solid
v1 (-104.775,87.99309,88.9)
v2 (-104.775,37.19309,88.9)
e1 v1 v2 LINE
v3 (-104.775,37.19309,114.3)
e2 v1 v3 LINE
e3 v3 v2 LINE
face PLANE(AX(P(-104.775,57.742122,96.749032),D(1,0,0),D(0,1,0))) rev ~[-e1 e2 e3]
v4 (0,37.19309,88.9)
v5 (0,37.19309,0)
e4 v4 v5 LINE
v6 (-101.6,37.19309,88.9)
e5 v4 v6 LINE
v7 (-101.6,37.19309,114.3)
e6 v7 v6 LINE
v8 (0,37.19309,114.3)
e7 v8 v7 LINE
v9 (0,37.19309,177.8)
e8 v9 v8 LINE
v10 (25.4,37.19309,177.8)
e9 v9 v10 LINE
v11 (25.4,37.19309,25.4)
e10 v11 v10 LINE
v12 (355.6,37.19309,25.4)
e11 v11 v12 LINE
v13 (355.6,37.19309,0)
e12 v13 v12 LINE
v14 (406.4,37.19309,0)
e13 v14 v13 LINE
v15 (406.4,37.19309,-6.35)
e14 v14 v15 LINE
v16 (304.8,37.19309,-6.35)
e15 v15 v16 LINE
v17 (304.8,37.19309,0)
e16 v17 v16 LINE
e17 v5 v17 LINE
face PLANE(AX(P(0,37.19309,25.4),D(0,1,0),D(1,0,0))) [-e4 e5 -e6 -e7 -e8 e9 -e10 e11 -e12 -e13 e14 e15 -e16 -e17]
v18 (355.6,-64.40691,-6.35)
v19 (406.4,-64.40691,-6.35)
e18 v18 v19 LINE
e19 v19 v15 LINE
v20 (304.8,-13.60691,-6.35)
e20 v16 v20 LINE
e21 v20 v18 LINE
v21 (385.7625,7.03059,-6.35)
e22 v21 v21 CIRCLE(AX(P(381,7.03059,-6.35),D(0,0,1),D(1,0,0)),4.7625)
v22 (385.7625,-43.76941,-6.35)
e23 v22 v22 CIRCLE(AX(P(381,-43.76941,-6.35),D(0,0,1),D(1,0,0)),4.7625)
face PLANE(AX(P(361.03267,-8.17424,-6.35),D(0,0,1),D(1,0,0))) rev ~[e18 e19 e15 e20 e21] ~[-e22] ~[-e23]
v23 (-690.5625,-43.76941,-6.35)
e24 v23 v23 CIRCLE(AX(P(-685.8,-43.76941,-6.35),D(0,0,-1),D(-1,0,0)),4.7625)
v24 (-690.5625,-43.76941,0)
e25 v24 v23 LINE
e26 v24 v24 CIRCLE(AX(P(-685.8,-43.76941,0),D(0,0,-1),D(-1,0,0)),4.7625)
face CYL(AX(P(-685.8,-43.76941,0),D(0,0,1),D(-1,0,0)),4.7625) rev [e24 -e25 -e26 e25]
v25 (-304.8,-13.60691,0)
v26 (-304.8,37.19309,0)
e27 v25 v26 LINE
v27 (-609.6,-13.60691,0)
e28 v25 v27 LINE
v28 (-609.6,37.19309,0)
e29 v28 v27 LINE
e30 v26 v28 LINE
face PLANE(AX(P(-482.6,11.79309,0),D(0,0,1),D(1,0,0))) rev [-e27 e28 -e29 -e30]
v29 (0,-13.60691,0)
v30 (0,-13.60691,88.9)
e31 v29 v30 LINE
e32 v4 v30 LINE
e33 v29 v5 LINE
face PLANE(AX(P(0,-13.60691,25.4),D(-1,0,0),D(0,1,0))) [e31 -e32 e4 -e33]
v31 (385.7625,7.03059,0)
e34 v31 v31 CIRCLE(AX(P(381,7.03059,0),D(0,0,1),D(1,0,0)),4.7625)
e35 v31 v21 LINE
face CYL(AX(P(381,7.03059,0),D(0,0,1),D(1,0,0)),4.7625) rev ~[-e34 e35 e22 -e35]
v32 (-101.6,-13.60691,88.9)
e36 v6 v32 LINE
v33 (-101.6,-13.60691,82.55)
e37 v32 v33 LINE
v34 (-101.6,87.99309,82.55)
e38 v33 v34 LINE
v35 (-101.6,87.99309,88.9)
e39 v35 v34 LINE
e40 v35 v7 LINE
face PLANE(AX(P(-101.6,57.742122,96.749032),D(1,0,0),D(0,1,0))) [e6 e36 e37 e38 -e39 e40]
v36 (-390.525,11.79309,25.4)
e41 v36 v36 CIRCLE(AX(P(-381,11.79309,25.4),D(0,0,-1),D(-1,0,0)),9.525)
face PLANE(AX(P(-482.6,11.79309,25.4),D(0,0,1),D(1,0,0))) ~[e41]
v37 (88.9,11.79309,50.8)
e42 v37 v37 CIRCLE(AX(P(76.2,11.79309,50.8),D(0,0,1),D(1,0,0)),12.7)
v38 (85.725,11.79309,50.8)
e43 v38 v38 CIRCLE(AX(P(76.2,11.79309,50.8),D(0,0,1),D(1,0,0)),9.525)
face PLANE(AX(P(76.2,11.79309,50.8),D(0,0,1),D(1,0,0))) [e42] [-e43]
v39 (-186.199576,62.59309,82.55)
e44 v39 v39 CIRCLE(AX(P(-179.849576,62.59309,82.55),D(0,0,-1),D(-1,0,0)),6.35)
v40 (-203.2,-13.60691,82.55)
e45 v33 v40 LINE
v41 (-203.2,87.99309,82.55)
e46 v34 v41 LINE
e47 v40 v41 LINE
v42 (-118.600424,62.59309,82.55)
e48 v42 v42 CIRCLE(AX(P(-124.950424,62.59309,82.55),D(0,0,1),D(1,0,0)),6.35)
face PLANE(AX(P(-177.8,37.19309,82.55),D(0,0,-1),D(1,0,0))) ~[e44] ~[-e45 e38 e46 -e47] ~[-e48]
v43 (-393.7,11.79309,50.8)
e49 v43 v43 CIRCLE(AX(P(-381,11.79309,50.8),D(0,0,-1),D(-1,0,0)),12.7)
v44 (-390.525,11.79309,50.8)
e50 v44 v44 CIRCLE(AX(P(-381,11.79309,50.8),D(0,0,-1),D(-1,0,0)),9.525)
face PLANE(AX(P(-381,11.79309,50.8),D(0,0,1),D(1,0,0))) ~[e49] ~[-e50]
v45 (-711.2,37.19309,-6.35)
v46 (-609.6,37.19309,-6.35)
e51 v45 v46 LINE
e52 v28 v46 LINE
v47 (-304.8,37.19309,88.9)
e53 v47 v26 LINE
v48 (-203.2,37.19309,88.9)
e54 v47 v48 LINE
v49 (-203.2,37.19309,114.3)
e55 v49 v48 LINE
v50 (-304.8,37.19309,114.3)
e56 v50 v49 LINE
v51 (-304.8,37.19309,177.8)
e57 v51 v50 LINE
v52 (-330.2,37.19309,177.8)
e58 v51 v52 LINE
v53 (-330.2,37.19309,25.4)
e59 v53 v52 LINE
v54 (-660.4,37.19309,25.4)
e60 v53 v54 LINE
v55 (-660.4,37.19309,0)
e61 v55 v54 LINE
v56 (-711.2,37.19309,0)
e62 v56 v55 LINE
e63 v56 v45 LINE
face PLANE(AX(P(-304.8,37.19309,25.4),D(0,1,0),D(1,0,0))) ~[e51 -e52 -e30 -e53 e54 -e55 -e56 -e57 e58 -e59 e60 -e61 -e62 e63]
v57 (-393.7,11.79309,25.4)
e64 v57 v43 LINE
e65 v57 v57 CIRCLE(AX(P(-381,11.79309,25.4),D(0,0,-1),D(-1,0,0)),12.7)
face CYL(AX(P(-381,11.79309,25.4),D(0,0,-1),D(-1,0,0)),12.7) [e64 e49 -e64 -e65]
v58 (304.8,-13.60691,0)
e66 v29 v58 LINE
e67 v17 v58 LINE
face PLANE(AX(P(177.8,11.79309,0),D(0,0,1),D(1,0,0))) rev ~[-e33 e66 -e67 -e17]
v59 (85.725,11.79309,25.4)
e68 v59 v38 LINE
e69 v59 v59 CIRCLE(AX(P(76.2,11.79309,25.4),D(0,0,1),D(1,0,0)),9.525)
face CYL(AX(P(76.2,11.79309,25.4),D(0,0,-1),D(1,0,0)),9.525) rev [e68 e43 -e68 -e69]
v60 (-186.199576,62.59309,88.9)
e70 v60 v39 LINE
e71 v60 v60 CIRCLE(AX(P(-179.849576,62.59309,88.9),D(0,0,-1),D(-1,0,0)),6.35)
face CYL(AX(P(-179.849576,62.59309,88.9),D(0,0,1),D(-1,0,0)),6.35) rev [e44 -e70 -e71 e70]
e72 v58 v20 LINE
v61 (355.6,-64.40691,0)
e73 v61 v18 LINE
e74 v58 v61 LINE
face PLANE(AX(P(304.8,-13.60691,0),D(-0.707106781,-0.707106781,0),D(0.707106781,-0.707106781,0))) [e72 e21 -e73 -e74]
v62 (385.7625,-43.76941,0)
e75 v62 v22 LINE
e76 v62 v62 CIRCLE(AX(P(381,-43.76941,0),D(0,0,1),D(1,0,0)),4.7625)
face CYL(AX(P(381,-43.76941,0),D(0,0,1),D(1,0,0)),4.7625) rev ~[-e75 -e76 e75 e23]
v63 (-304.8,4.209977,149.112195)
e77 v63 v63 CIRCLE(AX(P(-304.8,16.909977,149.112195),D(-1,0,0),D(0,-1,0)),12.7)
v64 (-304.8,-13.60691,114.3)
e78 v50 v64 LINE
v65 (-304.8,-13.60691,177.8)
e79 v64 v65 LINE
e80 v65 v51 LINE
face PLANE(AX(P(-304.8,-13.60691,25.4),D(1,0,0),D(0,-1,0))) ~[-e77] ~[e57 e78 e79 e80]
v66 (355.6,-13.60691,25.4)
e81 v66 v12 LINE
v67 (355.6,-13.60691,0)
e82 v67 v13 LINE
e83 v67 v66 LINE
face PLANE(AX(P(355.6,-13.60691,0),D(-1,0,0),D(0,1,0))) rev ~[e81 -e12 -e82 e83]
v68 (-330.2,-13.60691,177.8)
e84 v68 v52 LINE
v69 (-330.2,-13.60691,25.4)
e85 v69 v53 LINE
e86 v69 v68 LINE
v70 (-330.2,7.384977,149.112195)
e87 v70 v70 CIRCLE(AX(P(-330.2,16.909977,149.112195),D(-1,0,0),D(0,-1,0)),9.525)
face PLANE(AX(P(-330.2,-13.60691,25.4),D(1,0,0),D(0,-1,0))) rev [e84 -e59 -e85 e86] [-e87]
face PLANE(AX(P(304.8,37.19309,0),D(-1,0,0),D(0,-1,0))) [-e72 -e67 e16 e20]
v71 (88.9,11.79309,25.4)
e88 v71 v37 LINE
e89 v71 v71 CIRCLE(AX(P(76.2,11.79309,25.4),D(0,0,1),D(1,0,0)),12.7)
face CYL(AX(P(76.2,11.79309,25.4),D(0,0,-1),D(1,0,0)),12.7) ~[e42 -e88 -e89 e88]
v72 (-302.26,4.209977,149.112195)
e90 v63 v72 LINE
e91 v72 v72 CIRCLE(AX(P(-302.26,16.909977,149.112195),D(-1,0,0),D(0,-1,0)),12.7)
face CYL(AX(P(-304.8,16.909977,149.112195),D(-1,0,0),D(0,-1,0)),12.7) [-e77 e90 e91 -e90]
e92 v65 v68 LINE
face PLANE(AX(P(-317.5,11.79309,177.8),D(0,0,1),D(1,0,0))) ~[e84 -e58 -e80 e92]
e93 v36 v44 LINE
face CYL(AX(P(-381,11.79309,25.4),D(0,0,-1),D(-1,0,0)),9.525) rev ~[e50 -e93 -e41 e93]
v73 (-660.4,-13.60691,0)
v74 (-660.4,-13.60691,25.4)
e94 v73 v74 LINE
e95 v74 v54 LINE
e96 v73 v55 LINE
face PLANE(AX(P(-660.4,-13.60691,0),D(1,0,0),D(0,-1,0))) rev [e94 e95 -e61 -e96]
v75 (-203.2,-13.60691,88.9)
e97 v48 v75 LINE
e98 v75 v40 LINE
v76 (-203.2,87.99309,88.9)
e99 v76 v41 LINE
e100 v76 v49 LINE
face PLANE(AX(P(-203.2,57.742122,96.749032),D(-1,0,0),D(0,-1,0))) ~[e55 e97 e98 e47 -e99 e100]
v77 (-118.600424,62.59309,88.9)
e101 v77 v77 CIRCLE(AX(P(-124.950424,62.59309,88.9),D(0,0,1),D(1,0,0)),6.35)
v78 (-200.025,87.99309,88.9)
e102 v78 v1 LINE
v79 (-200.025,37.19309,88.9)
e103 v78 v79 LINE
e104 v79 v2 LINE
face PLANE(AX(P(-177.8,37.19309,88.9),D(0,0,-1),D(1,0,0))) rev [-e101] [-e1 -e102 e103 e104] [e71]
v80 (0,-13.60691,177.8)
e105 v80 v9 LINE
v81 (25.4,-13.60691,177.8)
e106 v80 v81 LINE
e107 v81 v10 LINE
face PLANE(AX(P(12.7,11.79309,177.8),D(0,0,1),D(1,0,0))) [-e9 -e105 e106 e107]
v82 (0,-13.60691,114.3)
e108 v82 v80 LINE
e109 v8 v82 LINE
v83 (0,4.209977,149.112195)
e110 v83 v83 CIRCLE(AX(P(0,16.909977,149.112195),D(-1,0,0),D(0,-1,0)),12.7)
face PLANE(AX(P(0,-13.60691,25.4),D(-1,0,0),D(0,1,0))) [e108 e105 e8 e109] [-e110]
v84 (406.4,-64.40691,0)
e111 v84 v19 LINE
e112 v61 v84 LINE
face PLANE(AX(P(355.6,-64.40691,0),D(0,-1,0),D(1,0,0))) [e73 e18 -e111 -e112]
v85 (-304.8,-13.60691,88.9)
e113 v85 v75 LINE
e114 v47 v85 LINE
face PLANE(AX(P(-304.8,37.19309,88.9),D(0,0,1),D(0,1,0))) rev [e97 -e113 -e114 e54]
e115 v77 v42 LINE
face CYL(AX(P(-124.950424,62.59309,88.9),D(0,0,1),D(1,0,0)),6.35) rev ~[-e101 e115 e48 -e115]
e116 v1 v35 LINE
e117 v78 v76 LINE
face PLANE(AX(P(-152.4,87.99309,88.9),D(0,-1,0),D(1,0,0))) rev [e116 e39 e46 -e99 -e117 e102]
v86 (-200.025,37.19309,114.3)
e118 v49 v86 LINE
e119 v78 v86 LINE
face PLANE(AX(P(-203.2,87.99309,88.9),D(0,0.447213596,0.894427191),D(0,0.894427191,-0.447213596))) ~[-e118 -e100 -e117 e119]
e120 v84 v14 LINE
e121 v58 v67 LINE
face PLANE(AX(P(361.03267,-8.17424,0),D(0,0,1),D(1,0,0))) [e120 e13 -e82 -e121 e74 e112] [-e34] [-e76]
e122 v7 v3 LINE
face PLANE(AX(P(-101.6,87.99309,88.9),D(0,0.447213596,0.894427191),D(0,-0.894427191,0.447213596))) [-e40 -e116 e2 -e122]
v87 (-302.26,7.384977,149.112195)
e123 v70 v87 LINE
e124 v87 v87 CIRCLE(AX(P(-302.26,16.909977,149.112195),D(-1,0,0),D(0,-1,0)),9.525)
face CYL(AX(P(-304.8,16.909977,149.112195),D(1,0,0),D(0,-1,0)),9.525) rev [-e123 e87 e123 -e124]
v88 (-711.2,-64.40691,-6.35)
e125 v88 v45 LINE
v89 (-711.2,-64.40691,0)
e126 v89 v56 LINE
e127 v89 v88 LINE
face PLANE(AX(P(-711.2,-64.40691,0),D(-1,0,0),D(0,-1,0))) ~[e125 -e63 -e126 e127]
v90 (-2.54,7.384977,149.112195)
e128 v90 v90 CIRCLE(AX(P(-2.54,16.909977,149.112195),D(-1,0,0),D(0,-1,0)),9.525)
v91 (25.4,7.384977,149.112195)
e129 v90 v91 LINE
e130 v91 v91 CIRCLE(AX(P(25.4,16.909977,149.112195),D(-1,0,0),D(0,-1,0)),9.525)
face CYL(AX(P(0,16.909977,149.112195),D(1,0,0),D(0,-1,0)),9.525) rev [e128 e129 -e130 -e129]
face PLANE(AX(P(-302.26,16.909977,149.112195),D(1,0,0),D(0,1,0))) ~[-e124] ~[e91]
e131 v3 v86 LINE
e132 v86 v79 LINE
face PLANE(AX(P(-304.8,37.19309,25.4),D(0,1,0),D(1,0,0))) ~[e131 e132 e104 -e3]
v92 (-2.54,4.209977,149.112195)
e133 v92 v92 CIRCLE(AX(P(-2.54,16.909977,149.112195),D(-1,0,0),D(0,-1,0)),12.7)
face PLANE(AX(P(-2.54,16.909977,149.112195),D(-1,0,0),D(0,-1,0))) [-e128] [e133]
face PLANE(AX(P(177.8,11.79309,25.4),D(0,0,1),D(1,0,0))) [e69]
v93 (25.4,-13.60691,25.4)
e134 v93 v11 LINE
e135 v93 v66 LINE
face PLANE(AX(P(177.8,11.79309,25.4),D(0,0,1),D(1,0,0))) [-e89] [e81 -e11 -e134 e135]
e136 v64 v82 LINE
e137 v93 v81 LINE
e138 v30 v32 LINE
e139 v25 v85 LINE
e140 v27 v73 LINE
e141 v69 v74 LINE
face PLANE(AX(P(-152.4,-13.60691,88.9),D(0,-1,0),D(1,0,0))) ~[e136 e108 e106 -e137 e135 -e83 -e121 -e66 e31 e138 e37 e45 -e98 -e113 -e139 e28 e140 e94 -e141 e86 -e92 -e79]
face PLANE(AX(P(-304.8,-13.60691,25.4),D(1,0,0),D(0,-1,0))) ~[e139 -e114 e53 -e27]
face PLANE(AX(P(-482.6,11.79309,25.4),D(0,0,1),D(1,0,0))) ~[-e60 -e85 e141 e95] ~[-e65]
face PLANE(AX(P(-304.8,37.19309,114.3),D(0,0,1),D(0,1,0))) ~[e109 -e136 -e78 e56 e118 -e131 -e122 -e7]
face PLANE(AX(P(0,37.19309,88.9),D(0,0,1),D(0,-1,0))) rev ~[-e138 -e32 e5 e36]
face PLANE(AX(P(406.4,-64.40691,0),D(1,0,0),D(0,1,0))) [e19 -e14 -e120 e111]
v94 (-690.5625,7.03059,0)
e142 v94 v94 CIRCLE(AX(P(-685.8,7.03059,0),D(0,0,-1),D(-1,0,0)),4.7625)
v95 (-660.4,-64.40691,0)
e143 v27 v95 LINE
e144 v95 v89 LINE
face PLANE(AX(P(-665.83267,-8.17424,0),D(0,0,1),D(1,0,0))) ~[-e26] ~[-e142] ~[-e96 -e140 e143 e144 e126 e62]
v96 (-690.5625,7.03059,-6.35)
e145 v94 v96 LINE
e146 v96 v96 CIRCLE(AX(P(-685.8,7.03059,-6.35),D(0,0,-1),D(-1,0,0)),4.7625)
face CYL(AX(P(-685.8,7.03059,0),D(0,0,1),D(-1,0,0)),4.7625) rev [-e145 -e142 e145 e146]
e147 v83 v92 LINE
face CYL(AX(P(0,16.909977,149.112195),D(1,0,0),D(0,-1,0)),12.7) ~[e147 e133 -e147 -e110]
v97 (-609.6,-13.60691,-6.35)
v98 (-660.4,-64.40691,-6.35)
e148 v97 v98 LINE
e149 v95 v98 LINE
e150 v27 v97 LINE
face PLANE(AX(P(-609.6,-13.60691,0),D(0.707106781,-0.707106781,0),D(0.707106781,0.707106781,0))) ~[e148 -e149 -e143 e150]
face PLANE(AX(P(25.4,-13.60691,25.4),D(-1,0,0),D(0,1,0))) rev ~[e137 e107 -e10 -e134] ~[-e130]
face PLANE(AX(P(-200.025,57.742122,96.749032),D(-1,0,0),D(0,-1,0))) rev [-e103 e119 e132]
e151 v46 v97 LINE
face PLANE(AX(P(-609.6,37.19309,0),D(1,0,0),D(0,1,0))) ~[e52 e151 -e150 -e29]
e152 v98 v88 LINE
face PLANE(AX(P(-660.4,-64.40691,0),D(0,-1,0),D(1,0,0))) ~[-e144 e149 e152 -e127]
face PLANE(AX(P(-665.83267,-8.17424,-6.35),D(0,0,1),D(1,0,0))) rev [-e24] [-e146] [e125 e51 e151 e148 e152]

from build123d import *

# Parameters (mm, degrees)
F0_W      = 355.6
F0_H      = 50.8
F1_DEPTH  = 25.4
F3_DEPTH  = 6.35
F4_R      = 4.7625
F5_DEPTH  = 25.4
F6_R      = 12.7
F6_R_2    = 9.525
F7_DEPTH  = 25.4
F8_W      = 25.4
F8_H      = 50.8
F9_DEPTH  = 152.4
F10_W     = 50.8
F10_H     = 25.4
F11_DEPTH = 152.4
F12_R     = 12.7
F12_R_2   = 9.525
F13_DEPTH = 2.54
F14_R     = 9.525
F15_DEPTH = 25.4
F16_W     = 50.8
F16_H     = 101.6
F17_DEPTH = 6.35
F18_R     = 6.35
F19_DEPTH = 25.4
F20_W     = 50.8
F20_H     = 6.35
F21_DEPTH = 3.175


with BuildPart() as f1:
    # F0 (on Top) → F1 (new body)
    with BuildSketch(Plane.XY):
        with Locations((177.8, 11.79309)):
            Rectangle(F0_W, F0_H)
    extrude(amount=F1_DEPTH)

    # F2 (on Top) → F3 (join)
    with BuildSketch(Plane.XY):
        Polygon((355.6, 37.19309), (304.8, 37.19309), (304.8, -13.60691), (355.6, -64.40691), (406.4, -64.40691), (406.4, 37.19309), align=None)
    extrude(amount=-F3_DEPTH)

    # F4 (on face) → F5 (cut)
    with BuildSketch(Plane.XY):
        with Locations((381, -43.76941)):
            Circle(F4_R)
        with Locations((381, 7.03059)):
            Circle(F4_R)
    extrude(amount=-F5_DEPTH, mode=Mode.SUBTRACT)

    # F6 (on face) → F7 (join)
    with BuildSketch(Plane.XY.offset(25.4)):
        with Locations((76.2, 11.79309)):
            Circle(F6_R)
        with Locations((76.2, 11.79309)):
            Circle(F6_R_2, mode=Mode.SUBTRACT)
    extrude(amount=F7_DEPTH)

    # F8 (on face) → F9 (join)
    with BuildSketch(Plane.XY.offset(25.4)):
        with Locations((12.7, 11.79309)):
            Rectangle(F8_W, F8_H)
    extrude(amount=F9_DEPTH)

    # F10 (on face) → F11 (join)
    with BuildSketch(Plane(origin=(0, 0, 0), x_dir=(0, -1, 0), z_dir=(-1, 0, 0))):
        with Locations((-11.79309, 101.6)):
            Rectangle(F10_W, F10_H)
    extrude(amount=F11_DEPTH)

    # F12 (on face) → F13 (join)
    with BuildSketch(Plane(origin=(0, 0, 0), x_dir=(0, -1, 0), z_dir=(-1, 0, 0))):
        with Locations((-16.909977, 149.112195)):
            Circle(F12_R)
        with Locations((-16.909977, 149.112195)):
            Circle(F12_R_2, mode=Mode.SUBTRACT)
    extrude(amount=F13_DEPTH)

    # F14 (on face) → F15 (cut)
    with BuildSketch(Plane(origin=(0, 0, 0), x_dir=(0, -1, 0), z_dir=(-1, 0, 0))):
        with Locations((-16.909977, 149.112195)):
            Circle(F14_R)
    extrude(amount=-F15_DEPTH, mode=Mode.SUBTRACT)

    # F16 (on face) → F17 (join)
    with BuildSketch(Plane(origin=(0, 0, 88.9), x_dir=(1, 0, 0), z_dir=(0, 0, -1))):
        with Locations((-127, -37.19309)):
            Rectangle(F16_W, F16_H)
    extrude(amount=F17_DEPTH)

    # F18 (on face) → F19 (cut)
    with BuildSketch(Plane.XY.offset(88.9)):
        with Locations((-124.950424, 62.59309)):
            Circle(F18_R)
    extrude(amount=-F19_DEPTH, mode=Mode.SUBTRACT)

    # F20 (on face) → F21 (join)
    with BuildSketch(Plane.YZ.offset(-101.6)):
        Polygon((37.19309, 88.9), (87.99309, 88.9), (37.19309, 114.3), align=None)
        with Locations((62.59309, 85.725)):
            Rectangle(F20_W, F20_H)
    extrude(amount=-F21_DEPTH)

    # F22: F1 across face


with BuildPart() as f1_1:
    add(f1.part)
    add(f1.part.mirror(Plane(origin=(-152.4, 20.259757, 96.308333), x_dir=(0, -1, 0), z_dir=(-1, 0, 0))))


solid = f1_1.part
